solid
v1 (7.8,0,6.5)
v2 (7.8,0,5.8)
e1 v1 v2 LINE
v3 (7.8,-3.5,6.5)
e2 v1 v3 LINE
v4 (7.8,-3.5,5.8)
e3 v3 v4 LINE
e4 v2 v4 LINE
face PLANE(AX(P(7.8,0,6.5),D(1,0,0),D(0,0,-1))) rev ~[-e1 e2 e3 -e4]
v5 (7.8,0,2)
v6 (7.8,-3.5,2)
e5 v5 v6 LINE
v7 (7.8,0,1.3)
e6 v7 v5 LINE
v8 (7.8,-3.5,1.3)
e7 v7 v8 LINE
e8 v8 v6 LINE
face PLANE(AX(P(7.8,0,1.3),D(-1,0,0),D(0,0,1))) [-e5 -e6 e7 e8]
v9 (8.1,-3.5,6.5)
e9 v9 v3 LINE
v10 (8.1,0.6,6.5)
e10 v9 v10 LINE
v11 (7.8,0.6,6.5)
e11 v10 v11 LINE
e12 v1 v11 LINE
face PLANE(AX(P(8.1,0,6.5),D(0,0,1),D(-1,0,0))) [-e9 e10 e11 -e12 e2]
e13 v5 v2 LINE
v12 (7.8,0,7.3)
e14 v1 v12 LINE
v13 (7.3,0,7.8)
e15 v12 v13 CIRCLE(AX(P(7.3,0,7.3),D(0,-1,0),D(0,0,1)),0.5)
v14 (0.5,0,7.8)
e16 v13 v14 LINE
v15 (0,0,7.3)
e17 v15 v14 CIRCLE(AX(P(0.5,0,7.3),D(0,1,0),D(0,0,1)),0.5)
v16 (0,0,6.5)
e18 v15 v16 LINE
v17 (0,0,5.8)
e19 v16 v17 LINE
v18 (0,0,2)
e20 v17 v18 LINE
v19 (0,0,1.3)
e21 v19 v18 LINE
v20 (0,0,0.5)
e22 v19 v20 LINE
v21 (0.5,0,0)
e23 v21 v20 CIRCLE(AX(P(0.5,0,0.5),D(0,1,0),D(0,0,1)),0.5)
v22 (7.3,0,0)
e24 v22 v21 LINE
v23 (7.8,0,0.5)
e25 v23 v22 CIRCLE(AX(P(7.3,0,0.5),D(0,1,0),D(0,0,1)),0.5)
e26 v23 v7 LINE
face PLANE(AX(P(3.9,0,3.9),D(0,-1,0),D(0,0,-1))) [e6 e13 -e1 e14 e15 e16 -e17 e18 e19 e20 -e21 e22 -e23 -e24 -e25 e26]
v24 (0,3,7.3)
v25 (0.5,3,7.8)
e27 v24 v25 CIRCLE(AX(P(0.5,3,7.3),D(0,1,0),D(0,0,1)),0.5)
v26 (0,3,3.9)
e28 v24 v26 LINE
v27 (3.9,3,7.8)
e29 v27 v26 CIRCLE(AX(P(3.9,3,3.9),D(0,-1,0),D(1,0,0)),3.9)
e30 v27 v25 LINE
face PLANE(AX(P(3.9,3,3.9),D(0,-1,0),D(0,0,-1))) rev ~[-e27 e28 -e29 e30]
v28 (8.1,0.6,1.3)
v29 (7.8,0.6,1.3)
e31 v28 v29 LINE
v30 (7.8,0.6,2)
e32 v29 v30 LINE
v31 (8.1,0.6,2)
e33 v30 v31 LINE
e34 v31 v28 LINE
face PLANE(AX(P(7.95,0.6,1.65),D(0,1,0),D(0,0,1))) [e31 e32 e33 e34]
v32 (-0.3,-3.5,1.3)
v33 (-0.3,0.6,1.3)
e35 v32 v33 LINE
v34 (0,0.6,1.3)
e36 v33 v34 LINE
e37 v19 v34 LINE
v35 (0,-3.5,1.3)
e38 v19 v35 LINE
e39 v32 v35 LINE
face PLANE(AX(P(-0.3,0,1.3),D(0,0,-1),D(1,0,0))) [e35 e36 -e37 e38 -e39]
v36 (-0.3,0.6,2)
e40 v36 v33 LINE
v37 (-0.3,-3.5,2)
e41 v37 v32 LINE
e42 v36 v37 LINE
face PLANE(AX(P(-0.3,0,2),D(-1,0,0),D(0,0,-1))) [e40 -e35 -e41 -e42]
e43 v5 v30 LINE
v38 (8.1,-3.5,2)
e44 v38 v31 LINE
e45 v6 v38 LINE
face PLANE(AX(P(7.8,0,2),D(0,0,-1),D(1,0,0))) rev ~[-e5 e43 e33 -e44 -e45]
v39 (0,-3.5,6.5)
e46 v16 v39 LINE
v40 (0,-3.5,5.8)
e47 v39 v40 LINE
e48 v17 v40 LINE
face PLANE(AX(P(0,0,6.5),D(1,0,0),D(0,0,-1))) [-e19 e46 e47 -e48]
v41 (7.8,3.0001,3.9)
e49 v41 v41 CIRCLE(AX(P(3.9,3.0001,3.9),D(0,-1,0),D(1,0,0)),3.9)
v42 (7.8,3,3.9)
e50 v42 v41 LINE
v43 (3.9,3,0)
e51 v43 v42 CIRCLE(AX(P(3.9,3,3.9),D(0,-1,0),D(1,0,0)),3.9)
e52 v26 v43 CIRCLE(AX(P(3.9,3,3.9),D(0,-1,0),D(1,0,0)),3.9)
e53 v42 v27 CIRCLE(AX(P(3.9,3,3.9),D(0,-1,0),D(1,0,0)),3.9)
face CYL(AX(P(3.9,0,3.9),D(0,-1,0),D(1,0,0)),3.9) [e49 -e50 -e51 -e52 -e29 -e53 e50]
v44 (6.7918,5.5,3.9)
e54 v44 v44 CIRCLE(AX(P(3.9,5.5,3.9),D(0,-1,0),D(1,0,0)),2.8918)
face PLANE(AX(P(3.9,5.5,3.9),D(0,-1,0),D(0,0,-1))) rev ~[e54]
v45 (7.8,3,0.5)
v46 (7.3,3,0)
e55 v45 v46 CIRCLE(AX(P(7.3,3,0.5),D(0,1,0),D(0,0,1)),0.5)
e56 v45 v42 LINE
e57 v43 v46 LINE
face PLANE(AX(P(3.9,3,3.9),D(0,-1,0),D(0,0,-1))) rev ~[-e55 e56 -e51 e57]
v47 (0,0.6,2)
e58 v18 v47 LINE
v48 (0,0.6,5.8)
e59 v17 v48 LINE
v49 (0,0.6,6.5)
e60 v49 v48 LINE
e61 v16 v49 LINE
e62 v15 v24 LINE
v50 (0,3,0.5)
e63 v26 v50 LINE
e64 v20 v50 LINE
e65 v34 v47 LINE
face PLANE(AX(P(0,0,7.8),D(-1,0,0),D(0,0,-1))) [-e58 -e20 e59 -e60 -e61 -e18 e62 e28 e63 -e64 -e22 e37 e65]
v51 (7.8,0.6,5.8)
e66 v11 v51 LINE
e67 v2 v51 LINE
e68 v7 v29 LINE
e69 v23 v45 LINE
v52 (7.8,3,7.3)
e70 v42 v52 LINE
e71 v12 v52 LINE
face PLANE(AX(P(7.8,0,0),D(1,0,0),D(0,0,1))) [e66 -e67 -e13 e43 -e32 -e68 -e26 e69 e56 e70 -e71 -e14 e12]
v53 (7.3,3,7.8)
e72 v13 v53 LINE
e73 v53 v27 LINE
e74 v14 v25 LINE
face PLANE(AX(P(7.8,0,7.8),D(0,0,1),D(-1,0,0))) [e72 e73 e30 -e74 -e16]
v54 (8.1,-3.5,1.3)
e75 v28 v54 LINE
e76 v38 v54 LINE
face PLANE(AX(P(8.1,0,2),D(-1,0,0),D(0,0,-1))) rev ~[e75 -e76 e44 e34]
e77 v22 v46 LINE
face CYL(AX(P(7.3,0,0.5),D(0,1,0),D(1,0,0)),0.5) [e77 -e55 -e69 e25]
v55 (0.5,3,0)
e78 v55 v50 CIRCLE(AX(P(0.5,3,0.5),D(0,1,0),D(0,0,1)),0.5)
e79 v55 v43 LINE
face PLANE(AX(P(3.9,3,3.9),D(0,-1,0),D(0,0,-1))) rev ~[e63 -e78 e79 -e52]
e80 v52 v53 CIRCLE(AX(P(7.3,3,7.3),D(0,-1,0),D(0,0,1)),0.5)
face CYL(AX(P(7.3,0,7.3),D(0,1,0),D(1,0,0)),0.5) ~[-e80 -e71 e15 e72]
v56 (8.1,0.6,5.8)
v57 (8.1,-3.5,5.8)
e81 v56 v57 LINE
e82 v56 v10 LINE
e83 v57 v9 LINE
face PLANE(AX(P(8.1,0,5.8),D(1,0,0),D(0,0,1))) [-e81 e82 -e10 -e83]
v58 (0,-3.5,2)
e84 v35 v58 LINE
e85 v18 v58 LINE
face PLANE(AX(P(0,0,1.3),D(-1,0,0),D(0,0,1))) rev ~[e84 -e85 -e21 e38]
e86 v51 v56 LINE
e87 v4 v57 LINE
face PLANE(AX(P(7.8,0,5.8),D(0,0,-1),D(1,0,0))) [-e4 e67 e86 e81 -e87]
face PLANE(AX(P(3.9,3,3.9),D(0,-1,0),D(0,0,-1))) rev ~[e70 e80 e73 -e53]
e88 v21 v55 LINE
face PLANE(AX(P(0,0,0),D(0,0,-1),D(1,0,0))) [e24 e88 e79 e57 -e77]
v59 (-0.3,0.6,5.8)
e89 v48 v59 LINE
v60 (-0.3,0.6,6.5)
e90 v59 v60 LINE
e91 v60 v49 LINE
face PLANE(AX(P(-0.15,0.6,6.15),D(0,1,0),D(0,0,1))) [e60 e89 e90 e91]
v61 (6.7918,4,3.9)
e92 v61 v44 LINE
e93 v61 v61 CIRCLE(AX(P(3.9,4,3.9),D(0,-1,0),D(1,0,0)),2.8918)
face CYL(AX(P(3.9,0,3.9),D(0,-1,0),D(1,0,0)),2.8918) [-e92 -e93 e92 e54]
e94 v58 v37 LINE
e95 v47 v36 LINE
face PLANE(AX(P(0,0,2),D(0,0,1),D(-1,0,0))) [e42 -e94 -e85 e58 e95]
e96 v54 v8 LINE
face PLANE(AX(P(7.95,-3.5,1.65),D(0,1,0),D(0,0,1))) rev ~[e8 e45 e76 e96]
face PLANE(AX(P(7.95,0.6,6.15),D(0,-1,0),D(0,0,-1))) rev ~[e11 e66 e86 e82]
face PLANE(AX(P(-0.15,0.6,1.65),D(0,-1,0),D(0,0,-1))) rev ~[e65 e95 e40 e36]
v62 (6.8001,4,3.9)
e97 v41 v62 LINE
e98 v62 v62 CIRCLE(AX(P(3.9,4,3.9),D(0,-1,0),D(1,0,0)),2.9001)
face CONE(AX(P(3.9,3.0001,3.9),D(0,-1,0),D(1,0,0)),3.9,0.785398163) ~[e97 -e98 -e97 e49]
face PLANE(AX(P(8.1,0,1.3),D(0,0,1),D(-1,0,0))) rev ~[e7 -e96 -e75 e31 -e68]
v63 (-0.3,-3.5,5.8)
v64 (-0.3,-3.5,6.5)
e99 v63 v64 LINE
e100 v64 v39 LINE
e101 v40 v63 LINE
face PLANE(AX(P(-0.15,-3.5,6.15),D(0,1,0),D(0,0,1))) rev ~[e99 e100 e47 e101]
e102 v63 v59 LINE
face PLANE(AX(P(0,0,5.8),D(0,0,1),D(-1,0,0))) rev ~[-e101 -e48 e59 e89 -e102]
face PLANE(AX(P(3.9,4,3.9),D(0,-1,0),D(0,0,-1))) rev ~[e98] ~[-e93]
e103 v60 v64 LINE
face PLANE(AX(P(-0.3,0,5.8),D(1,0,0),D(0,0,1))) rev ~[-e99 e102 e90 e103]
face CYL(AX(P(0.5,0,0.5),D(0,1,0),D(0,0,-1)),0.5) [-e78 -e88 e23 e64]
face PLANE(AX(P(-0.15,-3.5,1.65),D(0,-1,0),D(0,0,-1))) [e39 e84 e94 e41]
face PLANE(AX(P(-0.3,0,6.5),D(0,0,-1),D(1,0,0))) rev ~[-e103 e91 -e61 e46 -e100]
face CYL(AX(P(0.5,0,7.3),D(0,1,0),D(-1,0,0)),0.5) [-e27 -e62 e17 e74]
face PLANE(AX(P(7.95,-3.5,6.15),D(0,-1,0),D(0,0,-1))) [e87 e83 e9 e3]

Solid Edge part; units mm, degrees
sketch "Sketch1" plane through (0, 0, 0) normal (0, -1, 0) x (1, 0, 0)
  line L0 (0, 0) -> (7.8, 0)
  line L1 (7.8, 0) -> (7.8, 7.8)
  line L2 (7.8, 7.8) -> (0, 7.8)
  line L3 (0, 7.8) -> (0, 0)
extrude "Protrusion1" add sketch "Sketch1" against normal blind 3
sketch "Sketch2" plane through (0, 0, 0) normal (0, -1, 0) x (1, 0, 0)
  circle A0 centre (3.9, 3.9) radius 3.9
extrude "Ajout_matière_3" add sketch "Sketch2" against normal blind 4
sketch "Sketch3" plane through (0, 0, 0) normal (0, -1, 0) x (1, 0, 0)
  circle A0 centre (3.9, 3.9) radius 2.8918
extrude "Ajout_matière_4" add sketch "Sketch3" against normal blind 5.5
chamfer "Chanfrein_1" distance 1 angle 45 1 edges at (0, 4, 3.9)
fillet "Congé_1" radius 0.5 4 edges at (7.8, 1.5, 7.8) (7.8, 1.5, 0) (0, 1.5, 0) (0, 1.5, 7.8)
sketch "Sketch4" plane through (3.9, 0, 3.9) normal (0, -1, 0) x (-1, 0, 0)
  line L0 (4.2, 1.9) -> (4.2, 2.6)
  line L1 (4.2, 2.6) -> (3.9, 2.6)
  line L2 (3.9, 2.6) -> (3.9, 1.9)
  line L3 (3.9, 1.9) -> (4.2, 1.9)
  line L4 (-4.2, 1.9) -> (-4.2, 2.6)
  line L5 (-4.2, 2.6) -> (-3.9, 2.6)
  line L6 (-3.9, 2.6) -> (-3.9, 1.9)
  line L7 (-3.9, 1.9) -> (-4.2, 1.9)
  line L8 (-4.2, -1.9) -> (-4.2, -2.6)
  line L9 (-4.2, -2.6) -> (-3.9, -2.6)
  line L10 (-3.9, -2.6) -> (-3.9, -1.9)
  line L11 (-3.9, -1.9) -> (-4.2, -1.9)
  line L12 (4.2, -1.9) -> (4.2, -2.6)
  line L13 (4.2, -2.6) -> (3.9, -2.6)
  line L14 (3.9, -2.6) -> (3.9, -1.9)
  line L15 (3.9, -1.9) -> (4.2, -1.9)
  dimension "D1" = 0.3
  dimension "D2" = 0.7
  dimension "D3" = 0.7
  dimension "D4" = 0.7
  dimension "D5" = 0.3
  dimension "D6" = 3.8
  dimension "D7" = 1.9
  dimension "D8" = 1.9
  dimension "D9" = 1.9
  dimension "D10" = 1.9
extrude "Ajout_matière_5" add sketch "Sketch4" against normal blind 0.6
sketch "Sketch5" plane through (3.9, 0, 3.9) normal (0, -1, 0) x (-1, 0, 0)
  line L0 (-4.2, 1.9) -> (-4.2, 2.6)
  line L1 (-4.2, 2.6) -> (-3.9, 2.6)
  line L2 (-3.9, 2.6) -> (-3.9, 1.9)
  line L3 (-3.9, 1.9) -> (-4.2, 1.9)
  line L4 (-4.2, -1.9) -> (-4.2, -2.6)
  line L5 (-4.2, -2.6) -> (-3.9, -2.6)
  line L6 (-3.9, -2.6) -> (-3.9, -1.9)
  line L7 (-3.9, -1.9) -> (-4.2, -1.9)
  line L8 (3.9, -2.6) -> (3.9, -1.9)
  line L9 (3.9, -1.9) -> (4.2, -1.9)
  line L10 (4.2, -1.9) -> (4.2, -2.6)
  line L11 (4.2, -2.6) -> (3.9, -2.6)
  line L12 (4.2, 1.9) -> (4.2, 2.6)
  line L13 (4.2, 2.6) -> (3.9, 2.6)
  line L14 (3.9, 2.6) -> (3.9, 1.9)
  line L15 (3.9, 1.9) -> (4.2, 1.9)
  dimension "D1" = 0.3
  dimension "D2" = 0.7
  dimension "D3" = 0.7
  dimension "D4" = 0.7
  dimension "D5" = 0.3
  dimension "D6" = 3.8
  dimension "D7" = 1.9
  dimension "D8" = 1.9
  dimension "D9" = 1.9
  dimension "D10" = 1.9
extrude "Ajout_matière_6" add sketch "Sketch5" along normal blind 3.5
